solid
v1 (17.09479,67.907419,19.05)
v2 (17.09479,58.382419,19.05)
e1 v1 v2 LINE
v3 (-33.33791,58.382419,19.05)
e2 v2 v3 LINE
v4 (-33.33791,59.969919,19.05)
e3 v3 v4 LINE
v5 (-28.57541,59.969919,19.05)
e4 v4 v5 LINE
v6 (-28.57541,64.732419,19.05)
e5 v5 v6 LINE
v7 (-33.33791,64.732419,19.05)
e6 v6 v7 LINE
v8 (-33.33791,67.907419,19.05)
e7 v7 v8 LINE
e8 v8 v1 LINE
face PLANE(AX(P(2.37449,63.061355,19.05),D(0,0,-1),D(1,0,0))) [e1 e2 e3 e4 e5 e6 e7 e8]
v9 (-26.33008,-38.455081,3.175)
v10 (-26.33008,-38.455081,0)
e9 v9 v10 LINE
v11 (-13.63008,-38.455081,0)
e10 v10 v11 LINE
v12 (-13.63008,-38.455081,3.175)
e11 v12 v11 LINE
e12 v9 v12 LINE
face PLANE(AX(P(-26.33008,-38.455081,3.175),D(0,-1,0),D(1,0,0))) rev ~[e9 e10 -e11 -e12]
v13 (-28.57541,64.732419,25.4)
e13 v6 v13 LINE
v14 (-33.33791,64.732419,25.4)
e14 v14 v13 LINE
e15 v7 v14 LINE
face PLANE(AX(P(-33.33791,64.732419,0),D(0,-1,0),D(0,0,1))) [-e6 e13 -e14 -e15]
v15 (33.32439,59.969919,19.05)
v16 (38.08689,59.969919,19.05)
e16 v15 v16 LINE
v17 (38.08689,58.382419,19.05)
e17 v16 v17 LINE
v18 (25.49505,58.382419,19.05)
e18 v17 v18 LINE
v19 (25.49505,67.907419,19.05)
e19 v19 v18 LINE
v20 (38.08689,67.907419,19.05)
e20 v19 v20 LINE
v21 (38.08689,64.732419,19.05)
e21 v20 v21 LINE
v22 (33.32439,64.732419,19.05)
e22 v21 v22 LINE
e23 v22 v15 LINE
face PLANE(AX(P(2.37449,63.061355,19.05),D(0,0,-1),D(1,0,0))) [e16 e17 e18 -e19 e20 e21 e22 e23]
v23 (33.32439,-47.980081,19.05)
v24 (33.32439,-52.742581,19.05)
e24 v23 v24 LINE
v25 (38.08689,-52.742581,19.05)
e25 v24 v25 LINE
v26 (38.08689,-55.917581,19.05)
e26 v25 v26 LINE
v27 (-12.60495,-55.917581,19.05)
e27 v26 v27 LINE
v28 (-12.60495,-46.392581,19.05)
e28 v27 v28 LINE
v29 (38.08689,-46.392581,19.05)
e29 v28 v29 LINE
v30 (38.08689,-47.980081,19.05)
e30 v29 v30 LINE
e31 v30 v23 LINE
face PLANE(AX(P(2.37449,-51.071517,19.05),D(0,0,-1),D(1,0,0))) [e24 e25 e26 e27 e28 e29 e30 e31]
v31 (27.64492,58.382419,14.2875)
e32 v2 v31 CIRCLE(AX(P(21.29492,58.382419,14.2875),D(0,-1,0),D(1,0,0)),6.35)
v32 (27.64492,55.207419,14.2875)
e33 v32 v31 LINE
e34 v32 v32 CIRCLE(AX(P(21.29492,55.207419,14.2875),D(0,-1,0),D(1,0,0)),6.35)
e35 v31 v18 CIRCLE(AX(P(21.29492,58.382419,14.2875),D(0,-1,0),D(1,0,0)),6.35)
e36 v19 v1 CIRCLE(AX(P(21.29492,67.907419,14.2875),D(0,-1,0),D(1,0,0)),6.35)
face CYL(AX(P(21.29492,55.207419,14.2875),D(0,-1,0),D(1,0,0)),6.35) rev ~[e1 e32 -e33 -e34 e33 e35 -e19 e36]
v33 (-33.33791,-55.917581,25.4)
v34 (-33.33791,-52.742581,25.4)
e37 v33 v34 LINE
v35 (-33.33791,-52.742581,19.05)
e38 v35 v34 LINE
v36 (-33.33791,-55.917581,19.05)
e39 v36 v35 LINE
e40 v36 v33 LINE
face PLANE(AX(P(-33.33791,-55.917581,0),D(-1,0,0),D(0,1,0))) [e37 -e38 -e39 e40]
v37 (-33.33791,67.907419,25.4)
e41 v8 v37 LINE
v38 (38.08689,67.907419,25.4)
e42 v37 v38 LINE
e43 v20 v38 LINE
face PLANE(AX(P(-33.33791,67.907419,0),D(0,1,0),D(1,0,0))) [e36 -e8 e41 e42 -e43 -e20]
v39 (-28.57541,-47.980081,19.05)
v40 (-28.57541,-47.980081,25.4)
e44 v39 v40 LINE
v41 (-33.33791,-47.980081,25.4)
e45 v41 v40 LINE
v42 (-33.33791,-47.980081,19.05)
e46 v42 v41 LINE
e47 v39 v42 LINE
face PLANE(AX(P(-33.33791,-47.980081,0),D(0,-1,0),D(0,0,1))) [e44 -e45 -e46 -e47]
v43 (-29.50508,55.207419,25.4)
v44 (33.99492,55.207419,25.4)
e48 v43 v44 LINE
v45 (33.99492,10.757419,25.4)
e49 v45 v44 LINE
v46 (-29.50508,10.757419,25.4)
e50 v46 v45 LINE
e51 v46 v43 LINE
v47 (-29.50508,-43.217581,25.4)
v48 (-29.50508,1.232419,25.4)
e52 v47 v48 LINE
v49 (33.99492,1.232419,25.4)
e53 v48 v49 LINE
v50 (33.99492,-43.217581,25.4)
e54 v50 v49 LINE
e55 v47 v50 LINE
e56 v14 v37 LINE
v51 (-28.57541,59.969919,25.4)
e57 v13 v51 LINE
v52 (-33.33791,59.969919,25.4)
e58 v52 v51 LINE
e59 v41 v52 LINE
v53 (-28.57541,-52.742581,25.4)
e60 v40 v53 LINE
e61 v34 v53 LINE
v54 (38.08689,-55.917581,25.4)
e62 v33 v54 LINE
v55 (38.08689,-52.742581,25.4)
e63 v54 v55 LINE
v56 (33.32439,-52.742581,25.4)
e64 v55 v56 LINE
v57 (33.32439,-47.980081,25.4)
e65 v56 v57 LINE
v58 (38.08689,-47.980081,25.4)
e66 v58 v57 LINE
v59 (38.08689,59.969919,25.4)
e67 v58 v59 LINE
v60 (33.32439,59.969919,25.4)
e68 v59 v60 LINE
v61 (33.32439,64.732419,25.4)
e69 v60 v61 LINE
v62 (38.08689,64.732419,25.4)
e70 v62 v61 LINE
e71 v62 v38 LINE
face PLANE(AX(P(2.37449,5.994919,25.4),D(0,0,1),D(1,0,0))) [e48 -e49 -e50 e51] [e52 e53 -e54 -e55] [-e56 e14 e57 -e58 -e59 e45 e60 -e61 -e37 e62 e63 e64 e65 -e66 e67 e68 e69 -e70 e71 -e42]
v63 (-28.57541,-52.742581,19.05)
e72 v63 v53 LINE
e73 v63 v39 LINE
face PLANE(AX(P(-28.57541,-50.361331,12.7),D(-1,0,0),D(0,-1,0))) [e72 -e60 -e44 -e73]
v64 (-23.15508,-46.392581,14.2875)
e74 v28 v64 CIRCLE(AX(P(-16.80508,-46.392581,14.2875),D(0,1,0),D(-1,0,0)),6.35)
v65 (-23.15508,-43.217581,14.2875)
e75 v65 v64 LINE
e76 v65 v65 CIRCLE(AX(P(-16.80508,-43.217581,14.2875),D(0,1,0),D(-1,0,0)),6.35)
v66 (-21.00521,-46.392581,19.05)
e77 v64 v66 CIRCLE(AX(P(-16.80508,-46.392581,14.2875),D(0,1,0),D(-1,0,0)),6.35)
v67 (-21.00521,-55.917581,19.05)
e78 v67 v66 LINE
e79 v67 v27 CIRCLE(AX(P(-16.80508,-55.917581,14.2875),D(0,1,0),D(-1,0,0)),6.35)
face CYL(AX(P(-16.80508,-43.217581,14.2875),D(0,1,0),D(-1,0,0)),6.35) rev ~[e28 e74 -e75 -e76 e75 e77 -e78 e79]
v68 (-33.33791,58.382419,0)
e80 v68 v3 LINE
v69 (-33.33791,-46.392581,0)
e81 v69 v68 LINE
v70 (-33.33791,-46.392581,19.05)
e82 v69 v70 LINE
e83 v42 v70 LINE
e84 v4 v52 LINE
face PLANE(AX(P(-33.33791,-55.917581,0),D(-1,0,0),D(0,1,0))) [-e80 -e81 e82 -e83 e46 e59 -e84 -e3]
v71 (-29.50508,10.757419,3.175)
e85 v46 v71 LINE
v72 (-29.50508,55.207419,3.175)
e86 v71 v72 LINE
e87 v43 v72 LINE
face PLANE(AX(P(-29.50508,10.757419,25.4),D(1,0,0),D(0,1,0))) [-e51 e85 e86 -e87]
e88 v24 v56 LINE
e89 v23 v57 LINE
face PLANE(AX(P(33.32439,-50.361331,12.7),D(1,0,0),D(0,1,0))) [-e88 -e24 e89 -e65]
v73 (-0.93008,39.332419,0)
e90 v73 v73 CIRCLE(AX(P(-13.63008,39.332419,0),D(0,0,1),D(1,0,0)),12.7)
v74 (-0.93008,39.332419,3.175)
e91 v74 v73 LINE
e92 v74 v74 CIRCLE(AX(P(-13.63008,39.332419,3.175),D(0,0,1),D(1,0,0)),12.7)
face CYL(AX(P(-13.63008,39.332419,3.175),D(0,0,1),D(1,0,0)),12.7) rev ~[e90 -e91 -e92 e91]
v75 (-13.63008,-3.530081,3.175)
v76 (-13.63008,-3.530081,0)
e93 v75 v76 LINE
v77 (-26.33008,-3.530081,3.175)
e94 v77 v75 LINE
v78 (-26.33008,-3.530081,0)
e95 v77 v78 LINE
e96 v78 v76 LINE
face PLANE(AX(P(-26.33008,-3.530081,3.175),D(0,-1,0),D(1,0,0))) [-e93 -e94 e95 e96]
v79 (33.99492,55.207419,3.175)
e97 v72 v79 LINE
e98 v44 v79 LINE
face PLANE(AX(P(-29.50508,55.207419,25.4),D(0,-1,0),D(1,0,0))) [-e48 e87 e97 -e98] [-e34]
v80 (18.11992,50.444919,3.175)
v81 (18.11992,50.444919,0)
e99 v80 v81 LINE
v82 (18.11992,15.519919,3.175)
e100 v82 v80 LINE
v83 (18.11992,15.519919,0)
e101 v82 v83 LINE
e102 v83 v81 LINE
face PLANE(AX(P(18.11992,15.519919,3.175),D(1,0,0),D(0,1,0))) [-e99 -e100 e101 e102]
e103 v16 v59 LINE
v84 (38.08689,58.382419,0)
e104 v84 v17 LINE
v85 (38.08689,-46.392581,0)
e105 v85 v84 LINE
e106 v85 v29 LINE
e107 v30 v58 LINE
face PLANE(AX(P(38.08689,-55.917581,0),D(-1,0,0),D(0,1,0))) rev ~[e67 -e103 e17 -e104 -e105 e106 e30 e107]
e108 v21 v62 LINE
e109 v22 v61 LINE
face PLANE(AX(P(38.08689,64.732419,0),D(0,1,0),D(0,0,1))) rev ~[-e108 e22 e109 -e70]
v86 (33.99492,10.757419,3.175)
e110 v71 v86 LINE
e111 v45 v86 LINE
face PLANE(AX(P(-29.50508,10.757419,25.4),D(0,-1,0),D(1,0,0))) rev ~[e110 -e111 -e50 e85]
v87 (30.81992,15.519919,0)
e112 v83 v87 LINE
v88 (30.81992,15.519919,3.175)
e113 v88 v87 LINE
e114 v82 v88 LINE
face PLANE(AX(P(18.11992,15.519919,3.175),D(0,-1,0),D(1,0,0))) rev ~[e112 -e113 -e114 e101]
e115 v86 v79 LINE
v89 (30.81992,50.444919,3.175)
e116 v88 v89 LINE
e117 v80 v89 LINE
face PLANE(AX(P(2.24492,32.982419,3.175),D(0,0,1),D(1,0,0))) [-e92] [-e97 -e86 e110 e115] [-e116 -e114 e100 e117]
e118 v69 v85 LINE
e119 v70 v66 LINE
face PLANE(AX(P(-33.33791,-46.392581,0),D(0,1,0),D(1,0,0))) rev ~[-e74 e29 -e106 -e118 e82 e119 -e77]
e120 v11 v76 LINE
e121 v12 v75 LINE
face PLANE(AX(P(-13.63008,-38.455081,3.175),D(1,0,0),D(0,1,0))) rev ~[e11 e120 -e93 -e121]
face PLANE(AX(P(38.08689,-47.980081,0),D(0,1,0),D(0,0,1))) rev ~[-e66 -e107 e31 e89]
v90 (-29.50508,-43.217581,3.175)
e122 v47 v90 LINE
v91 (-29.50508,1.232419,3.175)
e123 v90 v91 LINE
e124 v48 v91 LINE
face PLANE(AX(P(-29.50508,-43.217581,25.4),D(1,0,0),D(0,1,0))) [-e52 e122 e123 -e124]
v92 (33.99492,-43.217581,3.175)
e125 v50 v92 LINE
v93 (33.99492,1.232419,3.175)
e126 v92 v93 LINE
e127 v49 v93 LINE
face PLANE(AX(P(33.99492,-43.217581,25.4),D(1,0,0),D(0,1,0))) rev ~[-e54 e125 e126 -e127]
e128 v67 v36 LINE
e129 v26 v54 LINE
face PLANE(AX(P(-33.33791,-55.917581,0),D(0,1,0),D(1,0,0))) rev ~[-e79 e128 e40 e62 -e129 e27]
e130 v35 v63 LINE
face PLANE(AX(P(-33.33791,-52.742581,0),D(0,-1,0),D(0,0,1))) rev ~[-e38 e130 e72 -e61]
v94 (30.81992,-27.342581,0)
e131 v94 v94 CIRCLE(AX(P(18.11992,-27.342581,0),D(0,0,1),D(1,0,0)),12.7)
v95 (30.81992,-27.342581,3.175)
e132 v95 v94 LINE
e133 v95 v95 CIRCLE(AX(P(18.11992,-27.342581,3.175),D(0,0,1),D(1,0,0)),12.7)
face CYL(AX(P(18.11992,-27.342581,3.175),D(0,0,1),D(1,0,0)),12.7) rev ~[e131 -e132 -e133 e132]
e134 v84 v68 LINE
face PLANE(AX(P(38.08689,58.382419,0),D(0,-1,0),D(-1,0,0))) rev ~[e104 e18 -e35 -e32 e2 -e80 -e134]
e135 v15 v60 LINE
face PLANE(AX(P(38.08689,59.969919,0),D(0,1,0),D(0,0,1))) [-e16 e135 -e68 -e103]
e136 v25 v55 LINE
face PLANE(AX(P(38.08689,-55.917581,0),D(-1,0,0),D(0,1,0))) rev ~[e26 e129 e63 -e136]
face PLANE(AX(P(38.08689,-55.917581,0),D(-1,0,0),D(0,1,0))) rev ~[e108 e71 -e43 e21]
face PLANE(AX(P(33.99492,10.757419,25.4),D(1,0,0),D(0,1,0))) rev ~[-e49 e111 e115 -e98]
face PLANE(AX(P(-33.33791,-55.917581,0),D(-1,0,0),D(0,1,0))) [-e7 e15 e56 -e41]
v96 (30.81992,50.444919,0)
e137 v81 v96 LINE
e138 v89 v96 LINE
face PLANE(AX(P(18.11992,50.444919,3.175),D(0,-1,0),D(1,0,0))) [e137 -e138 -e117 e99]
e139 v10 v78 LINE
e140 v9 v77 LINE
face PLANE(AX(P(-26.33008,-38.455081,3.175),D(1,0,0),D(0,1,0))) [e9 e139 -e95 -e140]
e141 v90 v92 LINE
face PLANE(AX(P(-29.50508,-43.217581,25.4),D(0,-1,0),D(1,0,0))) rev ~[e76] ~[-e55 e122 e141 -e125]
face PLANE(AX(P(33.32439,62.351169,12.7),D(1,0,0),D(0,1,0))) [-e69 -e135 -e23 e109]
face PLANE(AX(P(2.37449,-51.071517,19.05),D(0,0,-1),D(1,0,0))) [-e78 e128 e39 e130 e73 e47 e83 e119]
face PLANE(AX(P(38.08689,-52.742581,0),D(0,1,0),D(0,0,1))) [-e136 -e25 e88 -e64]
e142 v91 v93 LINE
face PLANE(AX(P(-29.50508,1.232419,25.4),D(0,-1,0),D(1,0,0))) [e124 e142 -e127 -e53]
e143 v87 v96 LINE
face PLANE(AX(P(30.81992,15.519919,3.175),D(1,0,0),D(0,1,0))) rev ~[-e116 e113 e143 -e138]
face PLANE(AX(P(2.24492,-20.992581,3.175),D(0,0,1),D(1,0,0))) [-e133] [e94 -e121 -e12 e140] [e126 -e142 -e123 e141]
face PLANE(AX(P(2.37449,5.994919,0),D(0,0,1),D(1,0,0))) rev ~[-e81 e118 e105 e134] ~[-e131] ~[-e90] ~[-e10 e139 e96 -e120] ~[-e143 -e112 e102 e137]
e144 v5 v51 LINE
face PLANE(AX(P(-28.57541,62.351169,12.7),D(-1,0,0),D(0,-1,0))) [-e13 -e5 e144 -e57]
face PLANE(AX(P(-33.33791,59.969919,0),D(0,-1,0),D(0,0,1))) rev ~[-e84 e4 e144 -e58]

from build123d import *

# Parameters (mm, degrees)
F0_W      = 71.4248
F0_H      = 123.825
F1_DEPTH  = 25.4
F2_W      = 63.5
F2_H      = 44.45
F3_DEPTH  = 22.225
F4_W      = 4.7625
F4_H      = 25.4
F5_DEPTH  = 4.7625
F6_W      = 4.7625
F6_H      = 25.4
F7_DEPTH  = 4.7625
F9_DEPTH  = 19.05
F11_DEPTH = 19.05
F12_R     = 12.7
F12_W     = 12.7
F12_H     = 34.925
F13_DEPTH = 6.35
F14_R     = 6.35
F15_DEPTH = 25.4
F16_R     = 6.35
F17_DEPTH = 25.4


with BuildPart() as f1:
    # F0 (on Top) → F1 (new body)
    with BuildSketch(Plane.XY):
        with Locations((2.37449, 5.994919)):
            Rectangle(F0_W, F0_H)
    extrude(amount=F1_DEPTH)

    # F2 (on face) → F3 (cut)
    with BuildSketch(Plane.XY.offset(25.4)):
        with Locations((2.24492, 32.982419)):
            Rectangle(F2_W, F2_H)
        with Locations((2.24492, -20.992581)):
            Rectangle(F2_W, F2_H)
    extrude(amount=-F3_DEPTH, mode=Mode.SUBTRACT)

    # F4 (on face) → F5 (cut)
    with BuildSketch(Plane.YZ.offset(38.08689)):
        with Locations((62.351169, 12.7)):
            Rectangle(F4_W, F4_H)
        with Locations((-50.361331, 12.7)):
            Rectangle(F4_W, F4_H)
    extrude(amount=-F5_DEPTH, mode=Mode.SUBTRACT)

    # F6 (on face) → F7 (cut)
    with BuildSketch(Plane(origin=(-33.33791, 0, 0), x_dir=(0, -1, 0), z_dir=(-1, 0, 0))):
        with Locations((-62.351169, 12.7)):
            Rectangle(F6_W, F6_H)
        with Locations((50.361331, 12.7)):
            Rectangle(F6_W, F6_H)
    extrude(amount=-F7_DEPTH, mode=Mode.SUBTRACT)

    # F8 (on face) → F9 (cut)
    with BuildSketch(Plane(origin=(0, 0, 0), x_dir=(1, 0, 0), z_dir=(0, 0, -1))):
        Polygon((-33.33791, -67.907419), (38.08689, -67.907419), (38.08689, -64.732419), (33.32439, -64.732419), (33.32439, -59.969919), (38.08689, -59.969919), (38.08689, -58.382419), (-33.33791, -58.382419), (-33.33791, -59.969919), (-28.57541, -59.969919), (-28.57541, -64.732419), (-33.33791, -64.732419), align=None)
    extrude(amount=-F9_DEPTH, mode=Mode.SUBTRACT)

    # F10 (on face) → F11 (cut)
    with BuildSketch(Plane(origin=(0, 0, 0), x_dir=(1, 0, 0), z_dir=(0, 0, -1))):
        Polygon((38.08689, 52.742581), (38.08689, 55.917581), (-33.33791, 55.917581), (-33.33791, 52.742581), (-28.57541, 52.742581), (-28.57541, 47.980081), (-33.33791, 47.980081), (-33.33791, 46.392581), (38.08689, 46.392581), (38.08689, 47.980081), (33.32439, 47.980081), (33.32439, 52.742581), align=None)
    extrude(amount=-F11_DEPTH, mode=Mode.SUBTRACT)

    # F12 (on face) → F13 (cut)
    with BuildSketch(Plane.XY.offset(3.175)):
        with Locations((-13.63008, 39.332419)):
            Circle(F12_R)
        with Locations((24.46992, 32.982419)):
            Rectangle(F12_W, F12_H)
        with Locations((-19.98008, -20.992581)):
            Rectangle(F12_W, F12_H)
        with Locations((18.11992, -27.342581)):
            Circle(F12_R)
    extrude(amount=-F13_DEPTH, mode=Mode.SUBTRACT)

    # F14 (on face) → F15 (cut)
    with BuildSketch(Plane.XZ.offset(-55.207419)):
        with Locations((21.29492, 14.2875)):
            Circle(F14_R)
    extrude(amount=-F15_DEPTH, mode=Mode.SUBTRACT)

    # F16 (on face) → F17 (cut)
    with BuildSketch(Plane(origin=(0, -43.217581, 0), x_dir=(-1, 0, 0), z_dir=(0, 1, 0))):
        with Locations((16.80508, 14.2875)):
            Circle(F16_R)
    extrude(amount=-F17_DEPTH, mode=Mode.SUBTRACT)


solid = f1.part
